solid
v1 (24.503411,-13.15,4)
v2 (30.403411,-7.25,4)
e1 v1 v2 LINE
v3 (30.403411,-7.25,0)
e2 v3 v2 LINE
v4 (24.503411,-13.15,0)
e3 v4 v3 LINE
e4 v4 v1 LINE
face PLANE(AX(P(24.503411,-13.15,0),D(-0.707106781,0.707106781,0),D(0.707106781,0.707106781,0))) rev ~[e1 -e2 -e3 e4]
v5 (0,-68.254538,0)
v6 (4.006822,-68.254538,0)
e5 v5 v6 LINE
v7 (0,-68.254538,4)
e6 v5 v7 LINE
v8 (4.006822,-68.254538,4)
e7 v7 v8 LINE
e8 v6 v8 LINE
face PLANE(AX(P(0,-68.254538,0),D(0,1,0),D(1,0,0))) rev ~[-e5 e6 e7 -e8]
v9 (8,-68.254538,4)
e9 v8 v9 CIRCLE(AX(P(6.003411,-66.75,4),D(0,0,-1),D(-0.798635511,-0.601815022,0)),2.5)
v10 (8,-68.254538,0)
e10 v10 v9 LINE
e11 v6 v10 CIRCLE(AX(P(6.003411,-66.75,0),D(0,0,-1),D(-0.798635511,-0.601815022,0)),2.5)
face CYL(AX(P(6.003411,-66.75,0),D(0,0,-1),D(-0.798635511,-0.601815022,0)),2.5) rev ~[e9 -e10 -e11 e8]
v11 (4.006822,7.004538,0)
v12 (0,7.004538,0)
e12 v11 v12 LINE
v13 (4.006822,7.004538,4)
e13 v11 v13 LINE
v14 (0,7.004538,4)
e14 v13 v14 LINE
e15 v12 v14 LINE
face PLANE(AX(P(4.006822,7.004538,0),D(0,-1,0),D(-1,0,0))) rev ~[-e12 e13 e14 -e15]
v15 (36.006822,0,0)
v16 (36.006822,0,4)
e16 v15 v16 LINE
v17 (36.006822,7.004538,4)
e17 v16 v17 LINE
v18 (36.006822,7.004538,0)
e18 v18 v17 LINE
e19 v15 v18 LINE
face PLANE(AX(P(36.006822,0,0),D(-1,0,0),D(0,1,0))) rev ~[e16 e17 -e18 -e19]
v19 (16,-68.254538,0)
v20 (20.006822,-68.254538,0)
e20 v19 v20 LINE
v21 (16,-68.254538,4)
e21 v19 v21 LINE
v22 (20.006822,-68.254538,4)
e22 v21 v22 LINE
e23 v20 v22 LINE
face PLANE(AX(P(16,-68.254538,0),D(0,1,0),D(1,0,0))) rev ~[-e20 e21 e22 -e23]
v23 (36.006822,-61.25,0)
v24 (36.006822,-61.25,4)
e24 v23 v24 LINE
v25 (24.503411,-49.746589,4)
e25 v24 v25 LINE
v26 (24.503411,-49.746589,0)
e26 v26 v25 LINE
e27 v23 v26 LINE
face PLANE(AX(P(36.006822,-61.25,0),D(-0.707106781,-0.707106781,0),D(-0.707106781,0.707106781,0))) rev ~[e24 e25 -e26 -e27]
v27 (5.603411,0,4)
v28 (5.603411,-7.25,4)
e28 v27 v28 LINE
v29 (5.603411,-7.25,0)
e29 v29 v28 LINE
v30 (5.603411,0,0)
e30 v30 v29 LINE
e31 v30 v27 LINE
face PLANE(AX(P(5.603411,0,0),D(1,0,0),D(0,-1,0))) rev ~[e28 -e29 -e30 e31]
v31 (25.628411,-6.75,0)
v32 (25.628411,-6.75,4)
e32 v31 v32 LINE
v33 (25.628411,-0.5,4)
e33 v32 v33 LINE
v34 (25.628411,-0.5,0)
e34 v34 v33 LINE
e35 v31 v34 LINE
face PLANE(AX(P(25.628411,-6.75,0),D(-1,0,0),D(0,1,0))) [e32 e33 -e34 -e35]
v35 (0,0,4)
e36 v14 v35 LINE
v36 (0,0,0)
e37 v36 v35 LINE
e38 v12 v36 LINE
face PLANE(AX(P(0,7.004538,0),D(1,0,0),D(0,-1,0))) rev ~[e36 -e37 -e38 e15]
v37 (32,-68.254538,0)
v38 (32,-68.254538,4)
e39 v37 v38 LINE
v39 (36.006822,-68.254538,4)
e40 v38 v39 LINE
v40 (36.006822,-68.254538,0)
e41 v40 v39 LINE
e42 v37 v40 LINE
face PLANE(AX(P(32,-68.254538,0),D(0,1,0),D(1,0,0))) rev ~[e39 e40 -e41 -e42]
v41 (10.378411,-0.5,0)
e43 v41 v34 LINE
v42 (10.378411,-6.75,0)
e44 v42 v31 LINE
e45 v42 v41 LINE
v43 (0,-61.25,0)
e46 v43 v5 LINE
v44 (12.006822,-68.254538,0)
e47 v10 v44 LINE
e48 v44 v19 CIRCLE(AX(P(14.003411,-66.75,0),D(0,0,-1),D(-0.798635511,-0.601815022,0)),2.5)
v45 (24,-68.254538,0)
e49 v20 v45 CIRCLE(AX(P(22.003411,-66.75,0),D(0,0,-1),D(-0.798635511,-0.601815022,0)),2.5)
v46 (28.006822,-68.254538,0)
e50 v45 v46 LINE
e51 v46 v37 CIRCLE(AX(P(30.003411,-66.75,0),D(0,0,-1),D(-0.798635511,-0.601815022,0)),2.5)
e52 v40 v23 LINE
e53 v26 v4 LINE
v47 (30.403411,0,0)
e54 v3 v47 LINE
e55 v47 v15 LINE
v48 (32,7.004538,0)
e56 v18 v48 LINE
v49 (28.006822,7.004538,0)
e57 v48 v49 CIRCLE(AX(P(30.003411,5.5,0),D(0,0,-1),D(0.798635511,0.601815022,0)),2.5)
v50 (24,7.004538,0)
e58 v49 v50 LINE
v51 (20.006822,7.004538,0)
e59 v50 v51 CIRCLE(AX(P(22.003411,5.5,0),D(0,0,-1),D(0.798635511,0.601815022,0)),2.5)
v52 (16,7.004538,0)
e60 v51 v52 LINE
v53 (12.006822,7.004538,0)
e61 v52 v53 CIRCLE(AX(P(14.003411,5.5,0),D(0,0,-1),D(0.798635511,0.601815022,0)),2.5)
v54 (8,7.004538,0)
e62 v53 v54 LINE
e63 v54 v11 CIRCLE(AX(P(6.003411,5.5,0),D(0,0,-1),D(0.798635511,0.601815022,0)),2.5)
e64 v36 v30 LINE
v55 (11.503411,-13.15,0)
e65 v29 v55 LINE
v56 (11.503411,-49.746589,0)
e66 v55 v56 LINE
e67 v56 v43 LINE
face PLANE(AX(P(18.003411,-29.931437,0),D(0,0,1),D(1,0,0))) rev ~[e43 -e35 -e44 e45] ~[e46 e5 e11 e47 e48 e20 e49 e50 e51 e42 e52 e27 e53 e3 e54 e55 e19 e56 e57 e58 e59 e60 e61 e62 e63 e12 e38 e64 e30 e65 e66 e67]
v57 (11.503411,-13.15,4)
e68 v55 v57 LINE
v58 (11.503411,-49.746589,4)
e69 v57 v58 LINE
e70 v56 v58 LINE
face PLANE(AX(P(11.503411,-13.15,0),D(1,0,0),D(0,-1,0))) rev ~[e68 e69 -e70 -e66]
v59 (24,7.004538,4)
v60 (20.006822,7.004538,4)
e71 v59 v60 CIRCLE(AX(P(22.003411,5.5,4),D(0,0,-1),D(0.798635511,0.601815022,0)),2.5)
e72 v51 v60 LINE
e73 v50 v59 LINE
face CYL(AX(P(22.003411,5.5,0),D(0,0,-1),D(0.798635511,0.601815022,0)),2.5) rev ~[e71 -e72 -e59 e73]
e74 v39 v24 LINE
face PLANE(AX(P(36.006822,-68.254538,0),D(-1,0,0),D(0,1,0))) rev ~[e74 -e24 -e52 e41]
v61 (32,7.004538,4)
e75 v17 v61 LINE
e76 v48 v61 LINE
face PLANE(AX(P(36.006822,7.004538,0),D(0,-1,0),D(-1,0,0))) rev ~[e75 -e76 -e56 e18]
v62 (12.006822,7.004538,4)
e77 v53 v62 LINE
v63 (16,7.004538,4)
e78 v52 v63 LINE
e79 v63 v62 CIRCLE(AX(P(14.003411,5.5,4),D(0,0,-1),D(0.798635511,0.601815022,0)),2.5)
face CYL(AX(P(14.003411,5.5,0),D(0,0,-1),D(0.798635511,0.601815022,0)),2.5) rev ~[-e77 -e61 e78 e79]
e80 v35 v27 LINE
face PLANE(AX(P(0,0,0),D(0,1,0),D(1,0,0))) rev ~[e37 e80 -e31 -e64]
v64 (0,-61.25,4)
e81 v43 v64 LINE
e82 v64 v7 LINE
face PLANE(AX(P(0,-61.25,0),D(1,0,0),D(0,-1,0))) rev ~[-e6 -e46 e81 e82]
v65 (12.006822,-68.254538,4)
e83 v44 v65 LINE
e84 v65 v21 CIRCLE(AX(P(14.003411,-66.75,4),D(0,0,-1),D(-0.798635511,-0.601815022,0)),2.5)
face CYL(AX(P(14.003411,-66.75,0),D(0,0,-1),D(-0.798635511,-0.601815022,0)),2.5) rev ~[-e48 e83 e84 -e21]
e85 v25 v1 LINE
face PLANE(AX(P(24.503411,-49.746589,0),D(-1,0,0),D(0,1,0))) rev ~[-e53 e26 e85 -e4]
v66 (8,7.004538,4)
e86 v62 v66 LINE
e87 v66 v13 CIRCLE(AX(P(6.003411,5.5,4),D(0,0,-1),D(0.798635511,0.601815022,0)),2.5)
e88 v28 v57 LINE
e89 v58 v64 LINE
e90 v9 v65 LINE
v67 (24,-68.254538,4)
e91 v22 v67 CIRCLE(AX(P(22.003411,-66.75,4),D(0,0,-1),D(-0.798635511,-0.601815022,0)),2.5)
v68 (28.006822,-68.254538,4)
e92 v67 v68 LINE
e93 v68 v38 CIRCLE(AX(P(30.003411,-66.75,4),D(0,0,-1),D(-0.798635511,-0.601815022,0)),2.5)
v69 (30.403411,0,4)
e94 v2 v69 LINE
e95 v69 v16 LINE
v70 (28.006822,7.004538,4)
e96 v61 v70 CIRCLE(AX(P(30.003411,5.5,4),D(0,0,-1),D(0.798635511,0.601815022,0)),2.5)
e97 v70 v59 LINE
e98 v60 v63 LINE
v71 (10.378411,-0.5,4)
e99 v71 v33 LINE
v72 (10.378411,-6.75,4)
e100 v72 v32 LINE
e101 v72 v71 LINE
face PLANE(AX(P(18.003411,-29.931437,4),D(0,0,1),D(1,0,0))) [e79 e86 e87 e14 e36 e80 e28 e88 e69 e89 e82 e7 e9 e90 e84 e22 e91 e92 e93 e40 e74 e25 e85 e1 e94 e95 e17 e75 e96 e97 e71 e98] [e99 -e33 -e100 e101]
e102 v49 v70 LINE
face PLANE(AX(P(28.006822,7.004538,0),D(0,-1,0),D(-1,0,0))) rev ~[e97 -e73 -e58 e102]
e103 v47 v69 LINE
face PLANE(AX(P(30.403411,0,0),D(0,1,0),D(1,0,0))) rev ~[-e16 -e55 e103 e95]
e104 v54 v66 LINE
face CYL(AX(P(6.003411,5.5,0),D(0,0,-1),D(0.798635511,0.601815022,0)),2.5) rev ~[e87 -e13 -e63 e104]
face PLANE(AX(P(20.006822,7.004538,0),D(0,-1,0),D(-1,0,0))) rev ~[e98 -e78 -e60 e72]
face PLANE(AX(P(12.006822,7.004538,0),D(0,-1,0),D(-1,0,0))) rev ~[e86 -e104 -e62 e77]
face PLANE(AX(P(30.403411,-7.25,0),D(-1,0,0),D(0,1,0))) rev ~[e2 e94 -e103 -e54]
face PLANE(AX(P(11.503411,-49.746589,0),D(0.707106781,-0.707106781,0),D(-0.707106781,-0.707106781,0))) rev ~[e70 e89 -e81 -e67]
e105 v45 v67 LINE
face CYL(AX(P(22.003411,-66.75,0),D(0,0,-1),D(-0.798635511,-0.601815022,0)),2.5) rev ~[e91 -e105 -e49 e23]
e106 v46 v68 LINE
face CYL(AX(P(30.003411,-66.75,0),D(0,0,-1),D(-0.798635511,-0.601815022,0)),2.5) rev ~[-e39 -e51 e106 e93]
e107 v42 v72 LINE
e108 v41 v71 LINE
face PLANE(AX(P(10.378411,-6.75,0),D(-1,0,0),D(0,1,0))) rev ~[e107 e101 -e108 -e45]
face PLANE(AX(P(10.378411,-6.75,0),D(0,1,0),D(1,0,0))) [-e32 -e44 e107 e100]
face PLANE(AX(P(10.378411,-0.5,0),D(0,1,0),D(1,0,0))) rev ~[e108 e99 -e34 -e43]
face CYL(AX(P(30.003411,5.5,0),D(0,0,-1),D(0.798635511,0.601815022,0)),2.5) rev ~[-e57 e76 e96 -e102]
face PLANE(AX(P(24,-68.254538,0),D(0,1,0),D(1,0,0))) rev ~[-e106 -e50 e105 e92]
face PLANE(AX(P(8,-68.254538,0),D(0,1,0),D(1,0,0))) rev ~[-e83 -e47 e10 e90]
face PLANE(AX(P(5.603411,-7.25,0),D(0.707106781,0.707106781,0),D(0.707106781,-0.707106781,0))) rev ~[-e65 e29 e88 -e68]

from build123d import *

# Parameters (mm, degrees)
F0_W     = 15.25
F0_H     = 6.25
F1_DEPTH = 4


with BuildPart() as f1:
    # F0 (on Top) → F1 (new body)
    with BuildSketch(Plane.XY):
        with BuildLine():
            ThreePointArc((8, 7.004538), (6.003411, 3), (4.006822, 7.004538))
            Line((4.006822, 7.004538), (0, 7.004538))
            Line((0, 7.004538), (0, 0))
            Line((0, 0), (5.603411, 0))
            Line((5.603411, 0), (5.603411, -7.25))
            Line((5.603411, -7.25), (11.503411, -13.15))
            Line((11.503411, -13.15), (11.503411, -49.746589))
            Line((11.503411, -49.746589), (0, -61.25))
            Line((0, -61.25), (0, -68.254538))
            Line((0, -68.254538), (4.006822, -68.254538))
            ThreePointArc((4.006822, -68.254538), (6.003411, -64.25), (8, -68.254538))
            Line((8, -68.254538), (12.006822, -68.254538))
            ThreePointArc((12.006822, -68.254538), (14.003411, -64.25), (16, -68.254538))
            Line((16, -68.254538), (20.006822, -68.254538))
            ThreePointArc((20.006822, -68.254538), (22.003411, -64.25), (24, -68.254538))
            Line((24, -68.254538), (28.006822, -68.254538))
            ThreePointArc((28.006822, -68.254538), (30.003411, -64.25), (32, -68.254538))
            Line((32, -68.254538), (36.006822, -68.254538))
            Line((36.006822, -68.254538), (36.006822, -61.25))
            Line((36.006822, -61.25), (24.503411, -49.746589))
            Line((24.503411, -49.746589), (24.503411, -13.15))
            Line((24.503411, -13.15), (30.403411, -7.25))
            Line((30.403411, -7.25), (30.403411, 0))
            Line((30.403411, 0), (36.006822, 0))
            Line((36.006822, 0), (36.006822, 7.004538))
            Line((36.006822, 7.004538), (32, 7.004538))
            ThreePointArc((32, 7.004538), (30.003411, 3), (28.006822, 7.004538))
            Line((28.006822, 7.004538), (24, 7.004538))
            ThreePointArc((24, 7.004538), (22.003411, 3), (20.006822, 7.004538))
            Line((20.006822, 7.004538), (16, 7.004538))
            ThreePointArc((16, 7.004538), (14.003411, 3), (12.006822, 7.004538))
            Line((12.006822, 7.004538), (8, 7.004538))
        make_face()
        with Locations((18.003411, -3.625)):
            Rectangle(F0_W, F0_H, mode=Mode.SUBTRACT)
    extrude(amount=F1_DEPTH)


solid = f1.part
